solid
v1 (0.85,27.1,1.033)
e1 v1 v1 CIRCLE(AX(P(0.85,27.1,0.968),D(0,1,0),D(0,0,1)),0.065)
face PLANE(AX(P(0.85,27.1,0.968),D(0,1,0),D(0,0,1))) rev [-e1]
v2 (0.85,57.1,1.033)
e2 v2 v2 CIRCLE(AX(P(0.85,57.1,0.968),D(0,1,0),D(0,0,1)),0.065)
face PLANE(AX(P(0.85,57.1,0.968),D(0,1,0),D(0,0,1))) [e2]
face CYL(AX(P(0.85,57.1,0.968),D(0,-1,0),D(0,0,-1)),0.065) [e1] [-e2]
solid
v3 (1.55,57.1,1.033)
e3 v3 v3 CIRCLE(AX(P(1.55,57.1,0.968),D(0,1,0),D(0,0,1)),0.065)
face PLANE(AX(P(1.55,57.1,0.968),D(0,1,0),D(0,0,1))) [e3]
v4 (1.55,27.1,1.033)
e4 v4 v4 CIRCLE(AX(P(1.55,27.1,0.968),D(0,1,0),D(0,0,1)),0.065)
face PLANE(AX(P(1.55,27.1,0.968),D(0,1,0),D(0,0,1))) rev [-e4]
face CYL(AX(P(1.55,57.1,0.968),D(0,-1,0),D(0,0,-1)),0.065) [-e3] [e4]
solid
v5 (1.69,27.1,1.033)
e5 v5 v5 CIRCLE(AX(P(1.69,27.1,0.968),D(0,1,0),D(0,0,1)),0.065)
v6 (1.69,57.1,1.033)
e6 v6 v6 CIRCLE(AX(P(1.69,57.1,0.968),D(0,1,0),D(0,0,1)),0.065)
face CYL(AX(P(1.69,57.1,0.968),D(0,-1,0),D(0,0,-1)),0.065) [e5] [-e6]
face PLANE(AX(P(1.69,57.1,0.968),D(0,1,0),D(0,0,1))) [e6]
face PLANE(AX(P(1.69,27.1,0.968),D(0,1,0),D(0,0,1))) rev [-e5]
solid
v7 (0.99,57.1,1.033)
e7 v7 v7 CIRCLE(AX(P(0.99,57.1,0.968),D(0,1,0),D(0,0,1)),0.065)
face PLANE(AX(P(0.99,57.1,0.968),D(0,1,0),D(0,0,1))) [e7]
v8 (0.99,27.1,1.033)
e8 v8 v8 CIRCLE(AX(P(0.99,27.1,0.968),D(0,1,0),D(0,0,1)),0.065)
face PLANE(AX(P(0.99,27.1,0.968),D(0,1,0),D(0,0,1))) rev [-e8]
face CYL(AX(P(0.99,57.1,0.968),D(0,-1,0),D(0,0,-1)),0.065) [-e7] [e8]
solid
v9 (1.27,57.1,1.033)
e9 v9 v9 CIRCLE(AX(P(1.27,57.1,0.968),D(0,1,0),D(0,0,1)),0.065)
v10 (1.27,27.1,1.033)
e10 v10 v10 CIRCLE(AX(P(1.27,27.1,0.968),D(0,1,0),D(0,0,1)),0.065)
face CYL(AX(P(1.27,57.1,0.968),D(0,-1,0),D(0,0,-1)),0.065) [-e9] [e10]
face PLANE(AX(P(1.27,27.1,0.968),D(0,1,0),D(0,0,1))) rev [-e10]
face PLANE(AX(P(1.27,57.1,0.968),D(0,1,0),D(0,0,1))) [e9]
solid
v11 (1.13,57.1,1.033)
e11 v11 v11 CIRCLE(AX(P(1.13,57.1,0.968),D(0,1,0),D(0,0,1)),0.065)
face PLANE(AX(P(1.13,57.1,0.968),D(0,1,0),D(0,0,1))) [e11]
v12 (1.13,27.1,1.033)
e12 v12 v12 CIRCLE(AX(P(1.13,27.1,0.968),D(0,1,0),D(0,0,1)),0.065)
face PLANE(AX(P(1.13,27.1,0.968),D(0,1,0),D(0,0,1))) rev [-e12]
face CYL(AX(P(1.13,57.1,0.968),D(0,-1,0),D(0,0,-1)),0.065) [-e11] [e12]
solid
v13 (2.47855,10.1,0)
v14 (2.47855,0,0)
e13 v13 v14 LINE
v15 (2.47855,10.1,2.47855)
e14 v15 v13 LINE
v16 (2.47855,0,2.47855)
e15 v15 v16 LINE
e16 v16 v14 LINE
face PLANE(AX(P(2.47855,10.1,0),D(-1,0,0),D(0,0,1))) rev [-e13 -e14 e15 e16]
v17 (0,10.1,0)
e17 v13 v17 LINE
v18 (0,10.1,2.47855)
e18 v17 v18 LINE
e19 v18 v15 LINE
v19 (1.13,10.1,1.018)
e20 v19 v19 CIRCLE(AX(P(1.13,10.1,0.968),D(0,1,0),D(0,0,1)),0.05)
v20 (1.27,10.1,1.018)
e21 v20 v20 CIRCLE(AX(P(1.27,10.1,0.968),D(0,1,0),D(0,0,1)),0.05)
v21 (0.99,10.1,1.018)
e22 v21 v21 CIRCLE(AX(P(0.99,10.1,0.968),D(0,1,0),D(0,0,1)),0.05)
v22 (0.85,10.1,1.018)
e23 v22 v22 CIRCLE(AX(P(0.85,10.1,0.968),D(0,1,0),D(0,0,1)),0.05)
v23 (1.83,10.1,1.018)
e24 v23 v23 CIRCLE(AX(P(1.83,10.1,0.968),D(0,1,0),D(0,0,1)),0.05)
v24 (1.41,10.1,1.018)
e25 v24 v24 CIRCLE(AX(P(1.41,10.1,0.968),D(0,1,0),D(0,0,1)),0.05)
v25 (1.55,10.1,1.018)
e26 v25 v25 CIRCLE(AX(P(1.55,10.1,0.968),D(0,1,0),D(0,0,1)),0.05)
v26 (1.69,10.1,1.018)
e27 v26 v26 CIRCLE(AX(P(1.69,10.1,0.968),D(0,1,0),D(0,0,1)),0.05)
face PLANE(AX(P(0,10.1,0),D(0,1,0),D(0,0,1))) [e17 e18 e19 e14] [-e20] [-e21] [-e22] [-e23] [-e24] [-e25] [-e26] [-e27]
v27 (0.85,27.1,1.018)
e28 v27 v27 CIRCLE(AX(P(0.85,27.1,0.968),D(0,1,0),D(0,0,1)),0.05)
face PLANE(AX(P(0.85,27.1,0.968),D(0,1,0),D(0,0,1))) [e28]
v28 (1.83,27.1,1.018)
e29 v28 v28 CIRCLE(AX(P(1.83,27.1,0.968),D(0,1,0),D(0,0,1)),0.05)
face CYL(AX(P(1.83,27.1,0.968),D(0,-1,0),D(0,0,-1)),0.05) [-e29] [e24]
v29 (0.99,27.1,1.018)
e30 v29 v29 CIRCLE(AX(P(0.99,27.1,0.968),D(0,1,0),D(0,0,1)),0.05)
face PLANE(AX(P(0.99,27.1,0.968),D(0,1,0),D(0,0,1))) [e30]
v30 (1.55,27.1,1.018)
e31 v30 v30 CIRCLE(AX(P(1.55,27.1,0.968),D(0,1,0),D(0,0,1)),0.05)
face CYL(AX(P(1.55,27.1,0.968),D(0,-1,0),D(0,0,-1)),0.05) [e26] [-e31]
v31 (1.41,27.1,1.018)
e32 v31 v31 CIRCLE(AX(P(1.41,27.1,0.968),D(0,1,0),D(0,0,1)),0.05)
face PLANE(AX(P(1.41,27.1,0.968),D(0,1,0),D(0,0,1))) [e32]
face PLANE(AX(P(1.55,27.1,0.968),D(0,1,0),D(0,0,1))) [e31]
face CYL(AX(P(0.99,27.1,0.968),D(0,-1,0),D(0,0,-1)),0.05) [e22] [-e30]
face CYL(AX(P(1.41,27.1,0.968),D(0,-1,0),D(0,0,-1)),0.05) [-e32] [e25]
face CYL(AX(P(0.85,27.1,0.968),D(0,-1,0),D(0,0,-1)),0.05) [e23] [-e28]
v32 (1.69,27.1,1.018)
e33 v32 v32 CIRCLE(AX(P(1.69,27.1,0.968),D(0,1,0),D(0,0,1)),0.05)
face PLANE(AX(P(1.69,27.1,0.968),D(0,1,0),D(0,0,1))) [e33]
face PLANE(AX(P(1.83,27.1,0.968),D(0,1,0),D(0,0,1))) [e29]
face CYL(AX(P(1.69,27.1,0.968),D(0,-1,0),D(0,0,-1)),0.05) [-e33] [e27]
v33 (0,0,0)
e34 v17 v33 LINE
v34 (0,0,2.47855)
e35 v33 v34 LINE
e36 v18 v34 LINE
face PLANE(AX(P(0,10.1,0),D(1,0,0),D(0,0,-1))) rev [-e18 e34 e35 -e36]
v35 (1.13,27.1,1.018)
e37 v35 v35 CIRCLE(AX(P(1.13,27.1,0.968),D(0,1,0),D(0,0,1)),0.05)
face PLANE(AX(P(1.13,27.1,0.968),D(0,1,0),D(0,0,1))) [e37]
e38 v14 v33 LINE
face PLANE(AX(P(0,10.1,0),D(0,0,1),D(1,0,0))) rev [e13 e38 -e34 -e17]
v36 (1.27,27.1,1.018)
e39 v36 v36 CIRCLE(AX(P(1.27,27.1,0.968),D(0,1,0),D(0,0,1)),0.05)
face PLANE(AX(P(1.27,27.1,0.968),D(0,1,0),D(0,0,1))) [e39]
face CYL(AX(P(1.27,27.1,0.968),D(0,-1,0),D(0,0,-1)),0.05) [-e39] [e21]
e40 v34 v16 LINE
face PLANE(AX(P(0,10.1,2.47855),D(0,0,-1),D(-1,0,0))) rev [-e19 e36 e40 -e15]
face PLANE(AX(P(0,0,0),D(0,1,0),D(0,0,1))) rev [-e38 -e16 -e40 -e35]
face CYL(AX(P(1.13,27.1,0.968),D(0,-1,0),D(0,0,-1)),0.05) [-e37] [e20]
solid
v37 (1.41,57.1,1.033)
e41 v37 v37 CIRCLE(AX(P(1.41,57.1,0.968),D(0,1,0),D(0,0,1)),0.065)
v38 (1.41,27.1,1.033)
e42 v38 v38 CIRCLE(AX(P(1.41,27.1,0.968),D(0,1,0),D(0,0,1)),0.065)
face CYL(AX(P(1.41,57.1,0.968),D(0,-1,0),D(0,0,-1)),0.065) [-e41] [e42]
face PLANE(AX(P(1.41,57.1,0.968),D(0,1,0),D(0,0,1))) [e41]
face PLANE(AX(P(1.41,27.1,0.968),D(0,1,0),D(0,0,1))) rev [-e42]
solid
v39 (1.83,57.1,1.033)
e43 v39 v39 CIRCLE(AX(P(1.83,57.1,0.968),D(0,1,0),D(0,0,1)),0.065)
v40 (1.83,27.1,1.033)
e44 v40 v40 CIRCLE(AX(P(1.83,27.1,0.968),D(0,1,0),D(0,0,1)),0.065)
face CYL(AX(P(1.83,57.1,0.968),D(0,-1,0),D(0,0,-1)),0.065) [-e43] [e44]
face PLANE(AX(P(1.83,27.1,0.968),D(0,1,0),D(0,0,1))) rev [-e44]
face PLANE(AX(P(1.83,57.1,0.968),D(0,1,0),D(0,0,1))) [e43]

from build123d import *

# Parameters (mm, degrees)
FIBER_BLOCK_SKETCH_W = 2.47855
FIBER_BLOCK_SKETCH_H = 2.47855
FIBER_BLOCK_DEPTH    = 10.1
FIBER_SKETCH_R       = 0.05
FIBERS_DEPTH         = 17
FIBER_SHIELD_START   = 17
FIBER_SKETCH_3_R     = 0.065
FIBER_SKETCH_3_R_2   = 0.05
FIBER_SHIELD_DEPTH   = 30


with BuildPart() as part:
    # Fiber_Block_sketch → Fiber_Block (new body)
    with BuildSketch(Plane(origin=(0, 0, 0), x_dir=(1, 0, 0), z_dir=(0, 1, 0))):
        with Locations((1.239275, -1.239275)):
            Rectangle(FIBER_BLOCK_SKETCH_W, FIBER_BLOCK_SKETCH_H)
    extrude(amount=FIBER_BLOCK_DEPTH)

    # Fiber_Sketch → Fibers (add)
    with BuildSketch(Plane(origin=(0, 10.1, 0), x_dir=(1, 0, 0), z_dir=(0, 1, 0))):
        with Locations(Location((0.85, -0.968, 0), (0, 0, 270))):
            Circle(FIBER_SKETCH_R)
        with Locations(Location((0.99, -0.968, 0), (0, 0, 270))):
            Circle(FIBER_SKETCH_R)
        with Locations(Location((1.13, -0.968, 0), (0, 0, 270))):
            Circle(FIBER_SKETCH_R)
        with Locations(Location((1.27, -0.968, 0), (0, 0, 270))):
            Circle(FIBER_SKETCH_R)
        with Locations(Location((1.41, -0.968, 0), (0, 0, 270))):
            Circle(FIBER_SKETCH_R)
        with Locations(Location((1.55, -0.968, 0), (0, 0, 270))):
            Circle(FIBER_SKETCH_R)
        with Locations(Location((1.69, -0.968, 0), (0, 0, 270))):
            Circle(FIBER_SKETCH_R)
        with Locations(Location((1.83, -0.968, 0), (0, 0, 270))):
            Circle(FIBER_SKETCH_R)
    extrude(amount=FIBERS_DEPTH)


with BuildPart() as body_2:
    # Fiber_Sketch<3> → Fiber_Shield (new body)
    # profile 1 of 16: a face of its own
    with BuildSketch(Plane(origin=(0, 10.1, 0), x_dir=(1, 0, 0), z_dir=(0, 1, 0)).offset(FIBER_SHIELD_START)):
        with Locations(Location((0.85, -0.968, 0), (0, 0, 270))):
            Circle(FIBER_SKETCH_3_R)
        with Locations(Location((0.85, -0.968, 0), (0, 0, 270))):
            Circle(FIBER_SKETCH_3_R_2, mode=Mode.SUBTRACT)
    # profile 2 of 16: a face of its own
    with BuildSketch(Plane(origin=(0, 10.1, 0), x_dir=(1, 0, 0), z_dir=(0, 1, 0)).offset(FIBER_SHIELD_START)):
        with Locations(Location((0.99, -0.968, 0), (0, 0, 270))):
            Circle(FIBER_SKETCH_3_R)
        with Locations(Location((0.99, -0.968, 0), (0, 0, 270))):
            Circle(FIBER_SKETCH_3_R_2, mode=Mode.SUBTRACT)
    # profile 3 of 16: a face of its own
    with BuildSketch(Plane(origin=(0, 10.1, 0), x_dir=(1, 0, 0), z_dir=(0, 1, 0)).offset(FIBER_SHIELD_START)):
        with Locations(Location((1.13, -0.968, 0), (0, 0, 270))):
            Circle(FIBER_SKETCH_3_R)
        with Locations(Location((1.13, -0.968, 0), (0, 0, 270))):
            Circle(FIBER_SKETCH_3_R_2, mode=Mode.SUBTRACT)
    # profile 4 of 16: a face of its own
    with BuildSketch(Plane(origin=(0, 10.1, 0), x_dir=(1, 0, 0), z_dir=(0, 1, 0)).offset(FIBER_SHIELD_START)):
        with Locations(Location((1.27, -0.968, 0), (0, 0, 270))):
            Circle(FIBER_SKETCH_3_R)
        with Locations(Location((1.27, -0.968, 0), (0, 0, 270))):
            Circle(FIBER_SKETCH_3_R_2, mode=Mode.SUBTRACT)
    # profile 5 of 16: a face of its own
    with BuildSketch(Plane(origin=(0, 10.1, 0), x_dir=(1, 0, 0), z_dir=(0, 1, 0)).offset(FIBER_SHIELD_START)):
        with Locations(Location((1.41, -0.968, 0), (0, 0, 270))):
            Circle(FIBER_SKETCH_3_R)
        with Locations(Location((1.41, -0.968, 0), (0, 0, 270))):
            Circle(FIBER_SKETCH_3_R_2, mode=Mode.SUBTRACT)
    # profile 6 of 16: a face of its own
    with BuildSketch(Plane(origin=(0, 10.1, 0), x_dir=(1, 0, 0), z_dir=(0, 1, 0)).offset(FIBER_SHIELD_START)):
        with Locations(Location((1.55, -0.968, 0), (0, 0, 270))):
            Circle(FIBER_SKETCH_3_R)
        with Locations(Location((1.55, -0.968, 0), (0, 0, 270))):
            Circle(FIBER_SKETCH_3_R_2, mode=Mode.SUBTRACT)
    # profile 7 of 16: a face of its own
    with BuildSketch(Plane(origin=(0, 10.1, 0), x_dir=(1, 0, 0), z_dir=(0, 1, 0)).offset(FIBER_SHIELD_START)):
        with Locations(Location((1.69, -0.968, 0), (0, 0, 270))):
            Circle(FIBER_SKETCH_3_R)
        with Locations(Location((1.69, -0.968, 0), (0, 0, 270))):
            Circle(FIBER_SKETCH_3_R_2, mode=Mode.SUBTRACT)
    # profile 8 of 16: a face of its own
    with BuildSketch(Plane(origin=(0, 10.1, 0), x_dir=(1, 0, 0), z_dir=(0, 1, 0)).offset(FIBER_SHIELD_START)):
        with Locations(Location((1.83, -0.968, 0), (0, 0, 270))):
            Circle(FIBER_SKETCH_3_R)
        with Locations(Location((1.83, -0.968, 0), (0, 0, 270))):
            Circle(FIBER_SKETCH_3_R_2, mode=Mode.SUBTRACT)
    # profile 9 of 16: a face of its own
    with BuildSketch(Plane(origin=(0, 10.1, 0), x_dir=(1, 0, 0), z_dir=(0, 1, 0)).offset(FIBER_SHIELD_START)):
        with Locations(Location((1.83, -0.968, 0), (0, 0, 270))):
            Circle(FIBER_SKETCH_3_R_2)
    # profile 10 of 16: a face of its own
    with BuildSketch(Plane(origin=(0, 10.1, 0), x_dir=(1, 0, 0), z_dir=(0, 1, 0)).offset(FIBER_SHIELD_START)):
        with Locations(Location((1.69, -0.968, 0), (0, 0, 270))):
            Circle(FIBER_SKETCH_3_R_2)
    # profile 11 of 16: a face of its own
    with BuildSketch(Plane(origin=(0, 10.1, 0), x_dir=(1, 0, 0), z_dir=(0, 1, 0)).offset(FIBER_SHIELD_START)):
        with Locations(Location((1.55, -0.968, 0), (0, 0, 270))):
            Circle(FIBER_SKETCH_3_R_2)
    # profile 12 of 16: a face of its own
    with BuildSketch(Plane(origin=(0, 10.1, 0), x_dir=(1, 0, 0), z_dir=(0, 1, 0)).offset(FIBER_SHIELD_START)):
        with Locations(Location((1.41, -0.968, 0), (0, 0, 270))):
            Circle(FIBER_SKETCH_3_R_2)
    # profile 13 of 16: a face of its own
    with BuildSketch(Plane(origin=(0, 10.1, 0), x_dir=(1, 0, 0), z_dir=(0, 1, 0)).offset(FIBER_SHIELD_START)):
        with Locations(Location((1.27, -0.968, 0), (0, 0, 270))):
            Circle(FIBER_SKETCH_3_R_2)
    # profile 14 of 16: a face of its own
    with BuildSketch(Plane(origin=(0, 10.1, 0), x_dir=(1, 0, 0), z_dir=(0, 1, 0)).offset(FIBER_SHIELD_START)):
        with Locations(Location((0.85, -0.968, 0), (0, 0, 270))):
            Circle(FIBER_SKETCH_3_R_2)
    # profile 15 of 16: a face of its own
    with BuildSketch(Plane(origin=(0, 10.1, 0), x_dir=(1, 0, 0), z_dir=(0, 1, 0)).offset(FIBER_SHIELD_START)):
        with Locations(Location((0.99, -0.968, 0), (0, 0, 270))):
            Circle(FIBER_SKETCH_3_R_2)
    # profile 16 of 16: a face of its own
    with BuildSketch(Plane(origin=(0, 10.1, 0), x_dir=(1, 0, 0), z_dir=(0, 1, 0)).offset(FIBER_SHIELD_START)):
        with Locations(Location((1.13, -0.968, 0), (0, 0, 270))):
            Circle(FIBER_SKETCH_3_R_2)
    extrude(amount=FIBER_SHIELD_DEPTH)


solid = Compound([part.part, body_2.part])
